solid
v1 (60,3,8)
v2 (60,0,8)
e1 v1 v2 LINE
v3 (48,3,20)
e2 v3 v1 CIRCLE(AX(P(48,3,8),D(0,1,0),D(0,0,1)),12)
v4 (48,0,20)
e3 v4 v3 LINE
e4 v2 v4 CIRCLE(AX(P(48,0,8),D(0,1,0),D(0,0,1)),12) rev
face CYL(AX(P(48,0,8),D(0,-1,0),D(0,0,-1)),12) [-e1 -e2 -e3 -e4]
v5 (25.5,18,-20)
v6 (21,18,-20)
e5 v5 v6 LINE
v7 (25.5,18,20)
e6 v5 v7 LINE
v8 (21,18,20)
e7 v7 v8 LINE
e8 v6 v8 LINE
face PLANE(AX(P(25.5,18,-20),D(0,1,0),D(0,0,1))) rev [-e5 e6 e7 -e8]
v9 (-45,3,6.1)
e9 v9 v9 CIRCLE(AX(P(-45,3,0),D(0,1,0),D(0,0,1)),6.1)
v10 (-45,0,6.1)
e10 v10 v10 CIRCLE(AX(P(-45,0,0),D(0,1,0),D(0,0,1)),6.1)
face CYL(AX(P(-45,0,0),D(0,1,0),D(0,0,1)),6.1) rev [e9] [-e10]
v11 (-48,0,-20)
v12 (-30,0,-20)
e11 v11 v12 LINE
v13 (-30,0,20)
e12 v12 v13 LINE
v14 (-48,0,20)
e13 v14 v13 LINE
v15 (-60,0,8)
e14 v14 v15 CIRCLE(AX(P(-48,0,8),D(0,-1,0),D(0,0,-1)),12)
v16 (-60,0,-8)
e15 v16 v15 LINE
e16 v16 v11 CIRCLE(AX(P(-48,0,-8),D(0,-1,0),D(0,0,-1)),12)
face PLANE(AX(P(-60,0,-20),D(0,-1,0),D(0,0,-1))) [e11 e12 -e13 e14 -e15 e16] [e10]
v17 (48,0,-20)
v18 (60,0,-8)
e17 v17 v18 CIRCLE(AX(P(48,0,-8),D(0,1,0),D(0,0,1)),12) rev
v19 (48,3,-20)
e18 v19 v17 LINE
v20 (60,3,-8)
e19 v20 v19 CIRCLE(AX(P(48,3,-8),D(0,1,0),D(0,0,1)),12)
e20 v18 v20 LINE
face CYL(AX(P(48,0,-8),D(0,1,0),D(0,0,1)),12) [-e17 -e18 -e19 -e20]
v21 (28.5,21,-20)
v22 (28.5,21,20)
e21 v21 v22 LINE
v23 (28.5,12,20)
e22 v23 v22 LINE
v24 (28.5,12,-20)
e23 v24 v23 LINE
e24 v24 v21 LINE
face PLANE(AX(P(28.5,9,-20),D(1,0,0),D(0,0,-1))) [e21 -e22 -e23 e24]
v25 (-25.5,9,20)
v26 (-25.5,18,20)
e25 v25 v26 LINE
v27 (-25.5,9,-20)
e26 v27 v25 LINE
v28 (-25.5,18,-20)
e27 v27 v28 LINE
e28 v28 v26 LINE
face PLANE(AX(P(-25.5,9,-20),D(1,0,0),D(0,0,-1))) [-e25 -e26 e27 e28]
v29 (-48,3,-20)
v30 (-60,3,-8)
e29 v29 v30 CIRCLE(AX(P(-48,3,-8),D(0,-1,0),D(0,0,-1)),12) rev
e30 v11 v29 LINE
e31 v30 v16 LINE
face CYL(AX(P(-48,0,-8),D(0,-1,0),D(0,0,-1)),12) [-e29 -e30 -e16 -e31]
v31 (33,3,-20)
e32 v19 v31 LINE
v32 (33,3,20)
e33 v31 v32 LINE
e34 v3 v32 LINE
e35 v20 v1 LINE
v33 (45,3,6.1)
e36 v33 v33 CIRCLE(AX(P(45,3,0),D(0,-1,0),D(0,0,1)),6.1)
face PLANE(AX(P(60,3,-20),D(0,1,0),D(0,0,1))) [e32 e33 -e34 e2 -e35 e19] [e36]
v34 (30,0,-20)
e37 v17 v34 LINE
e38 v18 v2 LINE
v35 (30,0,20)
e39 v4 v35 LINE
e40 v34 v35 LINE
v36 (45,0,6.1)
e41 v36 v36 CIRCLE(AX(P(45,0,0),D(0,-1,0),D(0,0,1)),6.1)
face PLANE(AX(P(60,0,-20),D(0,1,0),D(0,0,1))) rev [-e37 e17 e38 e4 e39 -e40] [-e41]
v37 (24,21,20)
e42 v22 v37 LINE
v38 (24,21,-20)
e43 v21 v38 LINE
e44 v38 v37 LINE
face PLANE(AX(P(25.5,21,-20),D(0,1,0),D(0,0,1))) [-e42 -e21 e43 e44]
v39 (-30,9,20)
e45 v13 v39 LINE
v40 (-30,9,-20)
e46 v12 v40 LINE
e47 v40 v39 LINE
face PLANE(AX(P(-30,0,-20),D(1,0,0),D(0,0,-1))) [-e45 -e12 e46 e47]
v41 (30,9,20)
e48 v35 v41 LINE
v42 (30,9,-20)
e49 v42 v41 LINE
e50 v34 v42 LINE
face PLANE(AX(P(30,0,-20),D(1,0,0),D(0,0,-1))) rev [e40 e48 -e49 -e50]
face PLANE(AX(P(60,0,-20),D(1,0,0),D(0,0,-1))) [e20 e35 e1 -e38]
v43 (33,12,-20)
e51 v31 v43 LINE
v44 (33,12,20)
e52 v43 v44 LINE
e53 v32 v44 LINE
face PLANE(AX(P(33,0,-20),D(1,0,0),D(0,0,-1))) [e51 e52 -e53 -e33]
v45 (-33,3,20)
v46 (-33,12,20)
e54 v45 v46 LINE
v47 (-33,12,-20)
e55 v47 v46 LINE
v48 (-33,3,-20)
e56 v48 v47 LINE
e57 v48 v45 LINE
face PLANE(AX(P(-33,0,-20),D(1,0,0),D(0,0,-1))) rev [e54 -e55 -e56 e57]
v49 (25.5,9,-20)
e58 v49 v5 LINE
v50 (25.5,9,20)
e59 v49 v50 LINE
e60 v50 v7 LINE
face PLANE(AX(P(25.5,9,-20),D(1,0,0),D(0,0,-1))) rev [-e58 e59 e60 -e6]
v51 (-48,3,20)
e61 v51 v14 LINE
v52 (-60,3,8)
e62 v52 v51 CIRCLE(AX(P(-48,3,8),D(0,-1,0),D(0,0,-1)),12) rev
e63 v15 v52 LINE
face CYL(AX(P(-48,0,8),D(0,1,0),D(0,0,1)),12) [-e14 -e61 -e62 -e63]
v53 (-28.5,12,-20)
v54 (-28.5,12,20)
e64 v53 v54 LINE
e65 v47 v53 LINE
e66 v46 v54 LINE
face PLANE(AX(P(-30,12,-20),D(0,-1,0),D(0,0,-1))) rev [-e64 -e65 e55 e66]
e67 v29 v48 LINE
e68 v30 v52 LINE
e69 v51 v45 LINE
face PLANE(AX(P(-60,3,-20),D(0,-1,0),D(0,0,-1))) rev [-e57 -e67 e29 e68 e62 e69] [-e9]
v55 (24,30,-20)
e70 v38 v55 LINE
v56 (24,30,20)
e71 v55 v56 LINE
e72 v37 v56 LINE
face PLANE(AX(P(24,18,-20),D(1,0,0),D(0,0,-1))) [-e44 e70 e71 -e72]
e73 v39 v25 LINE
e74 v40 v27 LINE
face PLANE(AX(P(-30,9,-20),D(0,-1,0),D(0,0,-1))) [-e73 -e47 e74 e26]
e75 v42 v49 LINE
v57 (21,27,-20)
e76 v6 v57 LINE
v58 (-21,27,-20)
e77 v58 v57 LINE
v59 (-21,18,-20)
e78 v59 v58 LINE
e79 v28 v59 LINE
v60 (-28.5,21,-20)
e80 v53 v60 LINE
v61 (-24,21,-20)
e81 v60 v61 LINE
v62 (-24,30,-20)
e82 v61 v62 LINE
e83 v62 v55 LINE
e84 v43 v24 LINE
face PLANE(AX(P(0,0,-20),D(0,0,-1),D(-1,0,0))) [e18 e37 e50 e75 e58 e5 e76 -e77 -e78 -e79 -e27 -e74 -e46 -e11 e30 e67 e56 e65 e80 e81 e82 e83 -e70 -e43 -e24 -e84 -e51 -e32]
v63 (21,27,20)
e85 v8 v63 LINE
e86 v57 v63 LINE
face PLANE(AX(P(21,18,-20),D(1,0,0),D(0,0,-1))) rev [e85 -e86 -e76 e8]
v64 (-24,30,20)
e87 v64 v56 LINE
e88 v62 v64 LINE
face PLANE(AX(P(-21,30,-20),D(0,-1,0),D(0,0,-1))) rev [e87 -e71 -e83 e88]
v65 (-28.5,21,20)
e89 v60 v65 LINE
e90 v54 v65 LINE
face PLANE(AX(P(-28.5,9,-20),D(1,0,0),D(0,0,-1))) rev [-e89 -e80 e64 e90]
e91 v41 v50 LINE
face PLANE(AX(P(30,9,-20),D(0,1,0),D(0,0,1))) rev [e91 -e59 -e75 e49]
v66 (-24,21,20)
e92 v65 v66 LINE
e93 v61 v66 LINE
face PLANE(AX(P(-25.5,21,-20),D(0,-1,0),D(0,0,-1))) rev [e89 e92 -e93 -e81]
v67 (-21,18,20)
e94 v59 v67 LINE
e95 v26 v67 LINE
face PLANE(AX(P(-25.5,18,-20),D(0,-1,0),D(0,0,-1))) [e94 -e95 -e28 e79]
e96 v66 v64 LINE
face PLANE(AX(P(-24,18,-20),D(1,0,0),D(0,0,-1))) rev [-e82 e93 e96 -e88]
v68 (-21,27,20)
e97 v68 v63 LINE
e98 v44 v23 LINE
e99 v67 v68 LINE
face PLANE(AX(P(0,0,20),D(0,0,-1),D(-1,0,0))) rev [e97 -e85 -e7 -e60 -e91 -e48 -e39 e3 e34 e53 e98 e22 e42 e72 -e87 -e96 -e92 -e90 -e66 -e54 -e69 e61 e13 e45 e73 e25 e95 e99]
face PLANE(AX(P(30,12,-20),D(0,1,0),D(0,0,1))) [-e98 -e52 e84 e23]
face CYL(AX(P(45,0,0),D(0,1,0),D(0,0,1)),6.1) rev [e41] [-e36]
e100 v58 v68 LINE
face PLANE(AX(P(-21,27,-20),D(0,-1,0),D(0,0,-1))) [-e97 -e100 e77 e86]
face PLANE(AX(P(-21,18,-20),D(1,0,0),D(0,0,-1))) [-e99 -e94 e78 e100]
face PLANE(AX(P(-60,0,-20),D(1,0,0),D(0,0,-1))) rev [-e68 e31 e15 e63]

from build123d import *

# Parameters (mm, degrees)
EXTRUDE_THIN1_DEPTH = 20
SKETCH4_R           = 6.1
CUT_EXTRUDE3_DEPTH  = 69.767724988
FILLET1_R           = 12


with BuildPart() as part:
    # Sketch1 → Extrude-Thin1 (new, symmetric)
    with BuildSketch(Plane.XY):
        Polygon((-60, 0), (-30, 0), (-30, 9), (-25.5, 9), (-25.5, 18), (-21, 18), (-21, 27), (0, 27), (0, 30), (-24, 30), (-24, 21), (-28.5, 21), (-28.5, 12), (-33, 12), (-33, 3), (-60, 3), align=None)
    extrude_thin1 = extrude(amount=EXTRUDE_THIN1_DEPTH, both=True)

    # Mirror1: Extrude-Thin1 across plane
    add(extrude_thin1.mirror(Plane(origin=(0, 30, -20), x_dir=(0, 0, 1), z_dir=(-1, 0, 0))))

    # Sketch4 → Cut-Extrude3 (cut, through all)
    with BuildSketch(Plane(origin=(0, 3, 0), x_dir=(1, 0, 0), z_dir=(0, 1, 0))):
        with Locations(Location((-45, 0, 0), (0, 0, 270))):
            Circle(SKETCH4_R)
    cut_extrude3 = extrude(amount=-CUT_EXTRUDE3_DEPTH, mode=Mode.SUBTRACT)

    # Mirror3: Cut-Extrude3 across plane
    add(cut_extrude3.mirror(Plane(origin=(0, 0, 0), x_dir=(0, 0, 1), z_dir=(1, 0, 0))), mode=Mode.SUBTRACT)

    # Fillet1
    fillet1_edges = [part.edges().sort_by_distance(p)[0] for p in [
        (-60, 1.5, 20),
        (-60, 1.5, -20),
        (60, 1.5, -20),
        (60, 1.5, 20),
    ]]
    fillet(fillet1_edges, radius=FILLET1_R)


solid = part.part
